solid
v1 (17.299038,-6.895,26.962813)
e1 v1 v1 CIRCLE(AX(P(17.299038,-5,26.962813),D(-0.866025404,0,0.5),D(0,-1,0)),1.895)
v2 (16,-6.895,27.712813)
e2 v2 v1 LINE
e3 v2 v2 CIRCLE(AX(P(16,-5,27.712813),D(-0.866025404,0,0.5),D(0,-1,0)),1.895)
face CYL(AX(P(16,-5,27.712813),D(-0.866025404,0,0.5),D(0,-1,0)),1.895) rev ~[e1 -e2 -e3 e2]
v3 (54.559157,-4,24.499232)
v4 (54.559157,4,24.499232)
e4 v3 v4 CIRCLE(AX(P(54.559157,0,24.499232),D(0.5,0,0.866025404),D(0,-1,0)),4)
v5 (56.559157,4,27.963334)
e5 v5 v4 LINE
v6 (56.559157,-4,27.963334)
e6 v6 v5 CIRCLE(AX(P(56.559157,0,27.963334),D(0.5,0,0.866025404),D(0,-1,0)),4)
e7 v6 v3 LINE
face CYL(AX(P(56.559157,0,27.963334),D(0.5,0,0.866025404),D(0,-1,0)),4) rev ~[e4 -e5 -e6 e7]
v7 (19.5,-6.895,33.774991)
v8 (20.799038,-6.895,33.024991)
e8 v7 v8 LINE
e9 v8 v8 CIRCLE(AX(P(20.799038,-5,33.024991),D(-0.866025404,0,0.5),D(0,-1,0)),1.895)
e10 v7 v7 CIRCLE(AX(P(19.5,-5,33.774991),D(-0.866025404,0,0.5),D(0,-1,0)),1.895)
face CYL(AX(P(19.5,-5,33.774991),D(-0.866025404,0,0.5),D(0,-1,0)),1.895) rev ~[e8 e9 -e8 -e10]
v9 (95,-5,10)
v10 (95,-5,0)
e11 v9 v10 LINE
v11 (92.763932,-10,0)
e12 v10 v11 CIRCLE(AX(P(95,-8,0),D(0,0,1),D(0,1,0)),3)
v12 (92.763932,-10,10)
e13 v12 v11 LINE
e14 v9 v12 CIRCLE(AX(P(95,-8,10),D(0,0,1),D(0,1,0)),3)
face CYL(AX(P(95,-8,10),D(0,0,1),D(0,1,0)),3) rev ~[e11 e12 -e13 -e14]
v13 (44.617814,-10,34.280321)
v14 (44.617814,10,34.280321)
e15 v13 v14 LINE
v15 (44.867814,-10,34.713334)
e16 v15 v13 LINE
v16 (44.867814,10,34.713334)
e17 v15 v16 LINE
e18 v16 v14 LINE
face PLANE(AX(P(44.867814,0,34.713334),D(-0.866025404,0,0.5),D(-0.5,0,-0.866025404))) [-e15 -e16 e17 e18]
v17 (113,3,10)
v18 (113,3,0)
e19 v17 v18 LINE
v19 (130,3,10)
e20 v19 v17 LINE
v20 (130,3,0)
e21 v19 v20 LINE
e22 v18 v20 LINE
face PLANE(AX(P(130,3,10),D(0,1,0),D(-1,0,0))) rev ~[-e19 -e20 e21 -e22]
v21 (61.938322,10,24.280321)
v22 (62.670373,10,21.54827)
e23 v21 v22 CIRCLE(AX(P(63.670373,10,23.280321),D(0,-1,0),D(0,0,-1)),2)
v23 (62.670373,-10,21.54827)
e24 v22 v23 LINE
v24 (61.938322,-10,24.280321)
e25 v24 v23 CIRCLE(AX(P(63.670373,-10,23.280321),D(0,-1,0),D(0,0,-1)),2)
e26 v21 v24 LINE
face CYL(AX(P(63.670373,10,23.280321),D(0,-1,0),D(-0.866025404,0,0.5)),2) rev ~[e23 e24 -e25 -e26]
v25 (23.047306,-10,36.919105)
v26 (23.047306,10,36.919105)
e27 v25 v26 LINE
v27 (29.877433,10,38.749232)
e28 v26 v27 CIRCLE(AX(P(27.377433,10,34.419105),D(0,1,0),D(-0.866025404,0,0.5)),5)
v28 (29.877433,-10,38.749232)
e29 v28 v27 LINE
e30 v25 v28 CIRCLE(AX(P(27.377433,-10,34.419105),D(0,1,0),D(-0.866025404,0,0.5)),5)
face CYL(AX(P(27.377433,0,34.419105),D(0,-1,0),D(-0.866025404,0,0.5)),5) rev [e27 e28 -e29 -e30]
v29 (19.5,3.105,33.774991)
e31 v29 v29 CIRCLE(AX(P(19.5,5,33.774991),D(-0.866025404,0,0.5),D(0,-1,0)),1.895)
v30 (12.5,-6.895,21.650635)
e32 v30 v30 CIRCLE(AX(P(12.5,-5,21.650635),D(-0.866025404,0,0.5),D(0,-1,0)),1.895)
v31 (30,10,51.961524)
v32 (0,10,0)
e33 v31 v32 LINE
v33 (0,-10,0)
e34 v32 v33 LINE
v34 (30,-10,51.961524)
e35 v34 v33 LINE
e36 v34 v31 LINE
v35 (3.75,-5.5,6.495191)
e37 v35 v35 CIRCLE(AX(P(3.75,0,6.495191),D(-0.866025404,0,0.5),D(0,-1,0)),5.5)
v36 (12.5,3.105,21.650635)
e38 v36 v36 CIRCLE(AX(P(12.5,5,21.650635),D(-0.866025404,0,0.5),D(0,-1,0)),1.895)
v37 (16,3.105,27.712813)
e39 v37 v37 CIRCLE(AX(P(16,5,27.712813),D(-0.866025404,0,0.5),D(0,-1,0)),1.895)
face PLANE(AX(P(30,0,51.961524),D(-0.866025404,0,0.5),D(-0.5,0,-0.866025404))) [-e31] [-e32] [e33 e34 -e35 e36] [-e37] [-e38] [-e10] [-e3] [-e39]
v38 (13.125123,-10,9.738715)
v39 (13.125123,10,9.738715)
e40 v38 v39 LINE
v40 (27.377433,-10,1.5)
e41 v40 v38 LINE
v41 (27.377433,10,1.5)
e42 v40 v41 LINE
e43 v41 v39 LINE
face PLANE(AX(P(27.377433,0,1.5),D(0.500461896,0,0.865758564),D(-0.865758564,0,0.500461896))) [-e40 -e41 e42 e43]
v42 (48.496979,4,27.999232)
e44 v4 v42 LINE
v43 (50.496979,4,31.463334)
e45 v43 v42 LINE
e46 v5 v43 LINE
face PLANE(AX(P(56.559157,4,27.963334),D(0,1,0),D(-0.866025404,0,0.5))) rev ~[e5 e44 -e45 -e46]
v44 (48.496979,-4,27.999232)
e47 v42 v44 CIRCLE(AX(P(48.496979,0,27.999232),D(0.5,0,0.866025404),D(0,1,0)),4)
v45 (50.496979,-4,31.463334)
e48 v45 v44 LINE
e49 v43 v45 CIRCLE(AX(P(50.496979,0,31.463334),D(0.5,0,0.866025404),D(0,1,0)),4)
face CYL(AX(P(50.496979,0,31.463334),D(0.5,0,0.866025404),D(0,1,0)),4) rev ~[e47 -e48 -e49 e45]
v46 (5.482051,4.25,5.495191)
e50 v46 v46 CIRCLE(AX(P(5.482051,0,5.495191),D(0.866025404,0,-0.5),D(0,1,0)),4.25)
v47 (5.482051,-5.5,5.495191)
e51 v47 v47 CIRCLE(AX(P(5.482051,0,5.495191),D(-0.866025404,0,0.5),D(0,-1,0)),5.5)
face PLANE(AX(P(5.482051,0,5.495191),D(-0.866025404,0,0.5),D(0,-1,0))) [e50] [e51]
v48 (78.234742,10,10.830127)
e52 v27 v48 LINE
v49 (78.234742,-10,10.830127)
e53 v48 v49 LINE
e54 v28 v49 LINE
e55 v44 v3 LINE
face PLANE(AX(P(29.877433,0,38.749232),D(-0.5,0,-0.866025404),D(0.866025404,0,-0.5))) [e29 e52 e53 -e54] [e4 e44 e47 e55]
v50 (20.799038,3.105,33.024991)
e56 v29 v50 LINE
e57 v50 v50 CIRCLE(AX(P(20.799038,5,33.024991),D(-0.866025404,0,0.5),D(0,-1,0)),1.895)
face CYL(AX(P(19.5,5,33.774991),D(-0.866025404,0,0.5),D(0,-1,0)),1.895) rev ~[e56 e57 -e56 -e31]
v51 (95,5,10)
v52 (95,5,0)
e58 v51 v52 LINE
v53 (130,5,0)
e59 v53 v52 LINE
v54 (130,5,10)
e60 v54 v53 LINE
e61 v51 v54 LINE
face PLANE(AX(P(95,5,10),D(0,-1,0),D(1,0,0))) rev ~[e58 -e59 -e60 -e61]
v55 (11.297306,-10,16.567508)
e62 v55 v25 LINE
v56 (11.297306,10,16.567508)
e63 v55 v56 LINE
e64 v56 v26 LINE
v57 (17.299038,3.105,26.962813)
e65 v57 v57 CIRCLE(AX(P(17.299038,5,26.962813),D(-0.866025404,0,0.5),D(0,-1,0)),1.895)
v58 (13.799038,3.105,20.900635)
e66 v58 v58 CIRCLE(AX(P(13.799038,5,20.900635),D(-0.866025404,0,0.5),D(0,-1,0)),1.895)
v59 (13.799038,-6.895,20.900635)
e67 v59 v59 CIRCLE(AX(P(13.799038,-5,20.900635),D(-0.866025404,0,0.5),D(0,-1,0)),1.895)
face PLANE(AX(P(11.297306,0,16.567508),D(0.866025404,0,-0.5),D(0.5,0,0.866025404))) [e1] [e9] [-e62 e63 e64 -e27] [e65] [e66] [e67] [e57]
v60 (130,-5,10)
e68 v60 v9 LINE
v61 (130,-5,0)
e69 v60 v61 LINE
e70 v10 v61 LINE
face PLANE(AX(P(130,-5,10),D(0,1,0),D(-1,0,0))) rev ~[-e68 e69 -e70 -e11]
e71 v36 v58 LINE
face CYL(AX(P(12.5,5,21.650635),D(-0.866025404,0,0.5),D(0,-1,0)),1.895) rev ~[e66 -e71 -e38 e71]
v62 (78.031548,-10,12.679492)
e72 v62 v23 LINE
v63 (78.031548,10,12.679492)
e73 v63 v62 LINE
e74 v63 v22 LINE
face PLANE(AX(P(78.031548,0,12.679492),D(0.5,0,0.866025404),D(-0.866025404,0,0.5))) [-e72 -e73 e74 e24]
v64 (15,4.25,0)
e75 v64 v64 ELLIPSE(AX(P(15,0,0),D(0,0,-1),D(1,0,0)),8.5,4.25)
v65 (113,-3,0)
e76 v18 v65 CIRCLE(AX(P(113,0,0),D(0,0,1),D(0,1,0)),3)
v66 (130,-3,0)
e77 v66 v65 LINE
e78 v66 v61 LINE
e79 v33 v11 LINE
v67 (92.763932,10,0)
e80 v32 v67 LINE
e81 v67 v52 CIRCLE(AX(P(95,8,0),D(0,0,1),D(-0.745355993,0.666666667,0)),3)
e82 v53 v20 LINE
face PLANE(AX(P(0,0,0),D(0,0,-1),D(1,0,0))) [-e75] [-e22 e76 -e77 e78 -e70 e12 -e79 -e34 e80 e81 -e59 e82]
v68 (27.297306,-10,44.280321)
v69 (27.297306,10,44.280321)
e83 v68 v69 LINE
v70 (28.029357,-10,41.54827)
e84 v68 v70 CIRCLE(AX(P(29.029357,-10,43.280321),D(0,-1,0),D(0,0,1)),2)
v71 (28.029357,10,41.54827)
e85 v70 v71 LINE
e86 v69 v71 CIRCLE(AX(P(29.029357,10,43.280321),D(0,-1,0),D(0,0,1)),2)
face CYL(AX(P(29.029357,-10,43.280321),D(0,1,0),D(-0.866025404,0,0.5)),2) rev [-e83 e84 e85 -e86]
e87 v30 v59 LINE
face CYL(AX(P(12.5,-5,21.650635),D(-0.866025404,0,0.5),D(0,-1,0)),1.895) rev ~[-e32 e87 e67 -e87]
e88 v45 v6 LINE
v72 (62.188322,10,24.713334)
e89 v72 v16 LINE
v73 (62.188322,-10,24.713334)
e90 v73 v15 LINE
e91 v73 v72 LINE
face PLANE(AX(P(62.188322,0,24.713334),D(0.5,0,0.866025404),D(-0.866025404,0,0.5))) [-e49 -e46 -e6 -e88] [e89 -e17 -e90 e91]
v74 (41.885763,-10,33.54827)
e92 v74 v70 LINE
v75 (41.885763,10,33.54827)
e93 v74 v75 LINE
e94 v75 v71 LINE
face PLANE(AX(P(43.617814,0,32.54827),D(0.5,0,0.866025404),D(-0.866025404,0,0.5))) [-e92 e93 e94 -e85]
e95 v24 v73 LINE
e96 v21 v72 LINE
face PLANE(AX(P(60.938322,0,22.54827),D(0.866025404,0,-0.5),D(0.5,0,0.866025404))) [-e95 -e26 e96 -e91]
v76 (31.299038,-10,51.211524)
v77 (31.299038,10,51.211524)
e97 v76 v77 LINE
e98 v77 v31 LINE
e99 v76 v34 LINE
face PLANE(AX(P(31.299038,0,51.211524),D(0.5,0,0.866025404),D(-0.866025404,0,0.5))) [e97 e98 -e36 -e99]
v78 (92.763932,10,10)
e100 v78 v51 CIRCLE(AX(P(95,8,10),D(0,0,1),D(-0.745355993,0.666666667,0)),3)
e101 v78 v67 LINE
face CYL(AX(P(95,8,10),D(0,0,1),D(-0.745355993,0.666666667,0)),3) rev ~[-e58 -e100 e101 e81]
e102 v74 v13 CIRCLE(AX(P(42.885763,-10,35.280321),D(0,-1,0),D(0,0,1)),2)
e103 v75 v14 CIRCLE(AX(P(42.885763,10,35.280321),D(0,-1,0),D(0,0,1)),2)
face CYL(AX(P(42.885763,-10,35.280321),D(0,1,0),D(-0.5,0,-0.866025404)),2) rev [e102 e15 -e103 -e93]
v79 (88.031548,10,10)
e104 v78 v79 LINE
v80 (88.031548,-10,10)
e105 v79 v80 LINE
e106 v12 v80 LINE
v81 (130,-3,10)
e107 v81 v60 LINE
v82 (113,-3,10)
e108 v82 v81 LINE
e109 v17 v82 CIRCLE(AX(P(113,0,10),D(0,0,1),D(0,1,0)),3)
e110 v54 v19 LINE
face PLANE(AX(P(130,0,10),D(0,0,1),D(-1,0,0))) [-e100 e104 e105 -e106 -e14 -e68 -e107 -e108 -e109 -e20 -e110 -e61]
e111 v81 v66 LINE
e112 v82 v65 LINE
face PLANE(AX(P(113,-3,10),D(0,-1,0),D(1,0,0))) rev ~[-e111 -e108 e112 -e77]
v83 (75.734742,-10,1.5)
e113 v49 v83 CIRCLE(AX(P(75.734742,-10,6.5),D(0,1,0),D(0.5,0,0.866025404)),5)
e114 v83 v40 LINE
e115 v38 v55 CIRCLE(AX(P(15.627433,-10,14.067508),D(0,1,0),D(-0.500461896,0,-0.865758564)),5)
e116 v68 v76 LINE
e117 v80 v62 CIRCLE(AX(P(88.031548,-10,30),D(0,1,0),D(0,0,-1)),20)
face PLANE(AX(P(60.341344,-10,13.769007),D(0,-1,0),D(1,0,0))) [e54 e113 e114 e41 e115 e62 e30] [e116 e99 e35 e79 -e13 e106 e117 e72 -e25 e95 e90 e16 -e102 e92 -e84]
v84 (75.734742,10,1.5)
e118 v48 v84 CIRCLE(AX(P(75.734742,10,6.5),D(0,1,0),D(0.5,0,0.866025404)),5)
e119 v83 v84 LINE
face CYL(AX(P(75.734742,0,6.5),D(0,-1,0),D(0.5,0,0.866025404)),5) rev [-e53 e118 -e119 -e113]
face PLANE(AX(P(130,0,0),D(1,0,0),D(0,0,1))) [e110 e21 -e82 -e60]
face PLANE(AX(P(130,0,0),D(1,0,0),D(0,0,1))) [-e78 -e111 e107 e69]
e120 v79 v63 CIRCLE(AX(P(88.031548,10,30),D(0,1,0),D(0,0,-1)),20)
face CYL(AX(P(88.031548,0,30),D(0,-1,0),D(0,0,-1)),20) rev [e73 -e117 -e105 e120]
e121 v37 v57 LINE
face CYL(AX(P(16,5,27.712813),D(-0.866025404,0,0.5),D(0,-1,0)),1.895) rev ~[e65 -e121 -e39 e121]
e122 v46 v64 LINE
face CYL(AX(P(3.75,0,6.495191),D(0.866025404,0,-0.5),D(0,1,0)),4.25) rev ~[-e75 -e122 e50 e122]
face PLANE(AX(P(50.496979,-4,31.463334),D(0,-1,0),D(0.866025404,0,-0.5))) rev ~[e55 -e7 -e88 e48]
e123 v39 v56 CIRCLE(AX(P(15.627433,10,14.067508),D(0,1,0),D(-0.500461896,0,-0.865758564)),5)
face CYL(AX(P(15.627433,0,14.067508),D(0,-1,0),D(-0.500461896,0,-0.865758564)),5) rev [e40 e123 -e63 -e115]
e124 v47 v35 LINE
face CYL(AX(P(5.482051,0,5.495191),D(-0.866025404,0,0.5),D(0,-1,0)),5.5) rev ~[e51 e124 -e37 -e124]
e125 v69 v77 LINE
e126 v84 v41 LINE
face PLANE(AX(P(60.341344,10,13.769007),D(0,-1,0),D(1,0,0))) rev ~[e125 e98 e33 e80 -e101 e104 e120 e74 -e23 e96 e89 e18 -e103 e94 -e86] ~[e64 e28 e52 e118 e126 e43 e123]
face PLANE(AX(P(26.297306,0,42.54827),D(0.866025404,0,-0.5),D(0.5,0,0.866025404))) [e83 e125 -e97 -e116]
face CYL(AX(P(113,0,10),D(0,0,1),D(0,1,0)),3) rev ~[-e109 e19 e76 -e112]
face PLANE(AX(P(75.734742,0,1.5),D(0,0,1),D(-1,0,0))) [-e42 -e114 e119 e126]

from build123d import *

# Parameters (mm, degrees)
F1_DEPTH       = 10
F3_DEPTH       = 10.001
F5_D           = 8.5
F5_CBORE_D     = 11
F5_CBORE_DEPTH = 2
F4_R           = 1.895
F6_DEPTH       = 1.5
F7_R           = 2
F9_DEPTH       = 4


with BuildPart() as f1:
    # F0 (on Front) → F1 (new body, symmetric)
    with BuildSketch(Plane.XZ):
        with BuildLine():
            Line((30, 51.9615242271), (0, 0))
            Line((0, 0), (130, 0))
            Line((130, 0), (130, 10))
            Line((130, 10), (88.031548244, 10))
            ThreePointArc((88.031548244, 10), (82.855167342, 10.6814834742), (78.031548244, 12.6794919243))
            Line((78.031548244, 12.6794919243), (60.9383223748, 22.5482704812))
            Line((60.9383223748, 22.5482704812), (62.1883223748, 24.7133339907))
            Line((62.1883223748, 24.7133339907), (44.8678142991, 34.7133339907))
            Line((44.8678142991, 34.7133339907), (43.6178142991, 32.5482704812))
            Line((43.6178142991, 32.5482704812), (26.2973062234, 42.5482704812))
            Line((26.2973062234, 42.5482704812), (31.2990381057, 51.2115242271))
            Line((31.2990381057, 51.2115242271), (30, 51.9615242271))
        make_face()
        with BuildLine():
            ThreePointArc((78.2347422219, 10.8301270189), (80.5643713533, 5.2059047745), (75.7347422219, 1.5))
            Line((75.7347422219, 1.5), (27.3774332424, 1.5))
            Line((27.3774332424, 1.5), (13.1251234055, 9.7387149337))
            ThreePointArc((13.1251234055, 9.7387149337), (10.7974587698, 12.7747007163), (11.2973058678, 16.5675077516))
            Line((11.2973058678, 16.5675077516), (23.0473062234, 36.9191053566))
            ThreePointArc((23.0473062234, 36.9191053566), (26.0833380169, 39.2487344881), (29.8774332424, 38.7492323755))
            Line((29.8774332424, 38.7492323755), (78.2347422219, 10.8301270189))
        make_face(mode=Mode.SUBTRACT)
    extrude(amount=F1_DEPTH, both=True)

    # F2 (on face) → F3 (cut, through all)
    with BuildSketch(Plane.XY.offset(10)):
        with BuildLine():
            Line((130, -10), (130, -5))
            Line((130, -5), (95, -5))
            ThreePointArc((95, -5), (92.2613872125, -6.7752551286), (92.7639320225, -10))
            Line((92.7639320225, -10), (130, -10))
        make_face()
        with BuildLine():
            ThreePointArc((92.7639320225, 10), (92.2613872125, 6.7752551286), (95, 5))
            Line((95, 5), (130, 5))
            Line((130, 5), (130, 10))
            Line((130, 10), (92.7639320225, 10))
        make_face()
        with BuildLine():
            Line((130, -3), (130, 3))
            Line((130, 3), (113, 3))
            ThreePointArc((113, 3), (110, 0), (113, -3))
            Line((113, -3), (130, -3))
        make_face()
    extrude(amount=-F3_DEPTH, mode=Mode.SUBTRACT)

    # F5 (through all)
    with Locations(Plane(origin=(0, 0, 0), x_dir=(0, -1, 0), z_dir=(-0.8660254038, 0, 0.5))):
        with Locations((0, 7.5)):
            CounterBoreHole(F5_D / 2, F5_CBORE_D / 2, F5_CBORE_DEPTH)

    # F4 (on face) → F6 (cut, through all)
    with BuildSketch(Plane(origin=(0, 0, 0), x_dir=(0, -1, 0), z_dir=(-0.8660254038, 0, 0.5))):
        with Locations((-5, 39)):
            Circle(F4_R)
        with Locations((5, 39)):
            Circle(F4_R)
        with Locations((-5, 32)):
            Circle(F4_R)
        with Locations((5, 32)):
            Circle(F4_R)
        with Locations((-5, 25)):
            Circle(F4_R)
        with Locations((5, 25)):
            Circle(F4_R)
    extrude(amount=-F6_DEPTH, mode=Mode.SUBTRACT)

    # F7
    f7_edges = [f1.edges().sort_by_distance(p)[0] for p in [
        (43.617814, 0, 32.54827),
        (60.938322, 0, 22.54827),
        (26.297306, 0, 42.54827),
    ]]
    fillet(f7_edges, radius=F7_R)

    # F8 (on face) → F9 (cut, through all)
    with BuildSketch(Plane(origin=(26.2482681178, 0, 45.4633339907), x_dir=(0.8660254038, 0, -0.5), z_dir=(0.5, 0, 0.8660254038))):
        with BuildLine():
            ThreePointArc((28, 4), (24, 0), (28, -4))
            Line((28, -4), (35, -4))
            ThreePointArc((35, -4), (39, 0), (35, 4))
            Line((35, 4), (28, 4))
        make_face()
    extrude(amount=-F9_DEPTH, mode=Mode.SUBTRACT)


solid = f1.part
